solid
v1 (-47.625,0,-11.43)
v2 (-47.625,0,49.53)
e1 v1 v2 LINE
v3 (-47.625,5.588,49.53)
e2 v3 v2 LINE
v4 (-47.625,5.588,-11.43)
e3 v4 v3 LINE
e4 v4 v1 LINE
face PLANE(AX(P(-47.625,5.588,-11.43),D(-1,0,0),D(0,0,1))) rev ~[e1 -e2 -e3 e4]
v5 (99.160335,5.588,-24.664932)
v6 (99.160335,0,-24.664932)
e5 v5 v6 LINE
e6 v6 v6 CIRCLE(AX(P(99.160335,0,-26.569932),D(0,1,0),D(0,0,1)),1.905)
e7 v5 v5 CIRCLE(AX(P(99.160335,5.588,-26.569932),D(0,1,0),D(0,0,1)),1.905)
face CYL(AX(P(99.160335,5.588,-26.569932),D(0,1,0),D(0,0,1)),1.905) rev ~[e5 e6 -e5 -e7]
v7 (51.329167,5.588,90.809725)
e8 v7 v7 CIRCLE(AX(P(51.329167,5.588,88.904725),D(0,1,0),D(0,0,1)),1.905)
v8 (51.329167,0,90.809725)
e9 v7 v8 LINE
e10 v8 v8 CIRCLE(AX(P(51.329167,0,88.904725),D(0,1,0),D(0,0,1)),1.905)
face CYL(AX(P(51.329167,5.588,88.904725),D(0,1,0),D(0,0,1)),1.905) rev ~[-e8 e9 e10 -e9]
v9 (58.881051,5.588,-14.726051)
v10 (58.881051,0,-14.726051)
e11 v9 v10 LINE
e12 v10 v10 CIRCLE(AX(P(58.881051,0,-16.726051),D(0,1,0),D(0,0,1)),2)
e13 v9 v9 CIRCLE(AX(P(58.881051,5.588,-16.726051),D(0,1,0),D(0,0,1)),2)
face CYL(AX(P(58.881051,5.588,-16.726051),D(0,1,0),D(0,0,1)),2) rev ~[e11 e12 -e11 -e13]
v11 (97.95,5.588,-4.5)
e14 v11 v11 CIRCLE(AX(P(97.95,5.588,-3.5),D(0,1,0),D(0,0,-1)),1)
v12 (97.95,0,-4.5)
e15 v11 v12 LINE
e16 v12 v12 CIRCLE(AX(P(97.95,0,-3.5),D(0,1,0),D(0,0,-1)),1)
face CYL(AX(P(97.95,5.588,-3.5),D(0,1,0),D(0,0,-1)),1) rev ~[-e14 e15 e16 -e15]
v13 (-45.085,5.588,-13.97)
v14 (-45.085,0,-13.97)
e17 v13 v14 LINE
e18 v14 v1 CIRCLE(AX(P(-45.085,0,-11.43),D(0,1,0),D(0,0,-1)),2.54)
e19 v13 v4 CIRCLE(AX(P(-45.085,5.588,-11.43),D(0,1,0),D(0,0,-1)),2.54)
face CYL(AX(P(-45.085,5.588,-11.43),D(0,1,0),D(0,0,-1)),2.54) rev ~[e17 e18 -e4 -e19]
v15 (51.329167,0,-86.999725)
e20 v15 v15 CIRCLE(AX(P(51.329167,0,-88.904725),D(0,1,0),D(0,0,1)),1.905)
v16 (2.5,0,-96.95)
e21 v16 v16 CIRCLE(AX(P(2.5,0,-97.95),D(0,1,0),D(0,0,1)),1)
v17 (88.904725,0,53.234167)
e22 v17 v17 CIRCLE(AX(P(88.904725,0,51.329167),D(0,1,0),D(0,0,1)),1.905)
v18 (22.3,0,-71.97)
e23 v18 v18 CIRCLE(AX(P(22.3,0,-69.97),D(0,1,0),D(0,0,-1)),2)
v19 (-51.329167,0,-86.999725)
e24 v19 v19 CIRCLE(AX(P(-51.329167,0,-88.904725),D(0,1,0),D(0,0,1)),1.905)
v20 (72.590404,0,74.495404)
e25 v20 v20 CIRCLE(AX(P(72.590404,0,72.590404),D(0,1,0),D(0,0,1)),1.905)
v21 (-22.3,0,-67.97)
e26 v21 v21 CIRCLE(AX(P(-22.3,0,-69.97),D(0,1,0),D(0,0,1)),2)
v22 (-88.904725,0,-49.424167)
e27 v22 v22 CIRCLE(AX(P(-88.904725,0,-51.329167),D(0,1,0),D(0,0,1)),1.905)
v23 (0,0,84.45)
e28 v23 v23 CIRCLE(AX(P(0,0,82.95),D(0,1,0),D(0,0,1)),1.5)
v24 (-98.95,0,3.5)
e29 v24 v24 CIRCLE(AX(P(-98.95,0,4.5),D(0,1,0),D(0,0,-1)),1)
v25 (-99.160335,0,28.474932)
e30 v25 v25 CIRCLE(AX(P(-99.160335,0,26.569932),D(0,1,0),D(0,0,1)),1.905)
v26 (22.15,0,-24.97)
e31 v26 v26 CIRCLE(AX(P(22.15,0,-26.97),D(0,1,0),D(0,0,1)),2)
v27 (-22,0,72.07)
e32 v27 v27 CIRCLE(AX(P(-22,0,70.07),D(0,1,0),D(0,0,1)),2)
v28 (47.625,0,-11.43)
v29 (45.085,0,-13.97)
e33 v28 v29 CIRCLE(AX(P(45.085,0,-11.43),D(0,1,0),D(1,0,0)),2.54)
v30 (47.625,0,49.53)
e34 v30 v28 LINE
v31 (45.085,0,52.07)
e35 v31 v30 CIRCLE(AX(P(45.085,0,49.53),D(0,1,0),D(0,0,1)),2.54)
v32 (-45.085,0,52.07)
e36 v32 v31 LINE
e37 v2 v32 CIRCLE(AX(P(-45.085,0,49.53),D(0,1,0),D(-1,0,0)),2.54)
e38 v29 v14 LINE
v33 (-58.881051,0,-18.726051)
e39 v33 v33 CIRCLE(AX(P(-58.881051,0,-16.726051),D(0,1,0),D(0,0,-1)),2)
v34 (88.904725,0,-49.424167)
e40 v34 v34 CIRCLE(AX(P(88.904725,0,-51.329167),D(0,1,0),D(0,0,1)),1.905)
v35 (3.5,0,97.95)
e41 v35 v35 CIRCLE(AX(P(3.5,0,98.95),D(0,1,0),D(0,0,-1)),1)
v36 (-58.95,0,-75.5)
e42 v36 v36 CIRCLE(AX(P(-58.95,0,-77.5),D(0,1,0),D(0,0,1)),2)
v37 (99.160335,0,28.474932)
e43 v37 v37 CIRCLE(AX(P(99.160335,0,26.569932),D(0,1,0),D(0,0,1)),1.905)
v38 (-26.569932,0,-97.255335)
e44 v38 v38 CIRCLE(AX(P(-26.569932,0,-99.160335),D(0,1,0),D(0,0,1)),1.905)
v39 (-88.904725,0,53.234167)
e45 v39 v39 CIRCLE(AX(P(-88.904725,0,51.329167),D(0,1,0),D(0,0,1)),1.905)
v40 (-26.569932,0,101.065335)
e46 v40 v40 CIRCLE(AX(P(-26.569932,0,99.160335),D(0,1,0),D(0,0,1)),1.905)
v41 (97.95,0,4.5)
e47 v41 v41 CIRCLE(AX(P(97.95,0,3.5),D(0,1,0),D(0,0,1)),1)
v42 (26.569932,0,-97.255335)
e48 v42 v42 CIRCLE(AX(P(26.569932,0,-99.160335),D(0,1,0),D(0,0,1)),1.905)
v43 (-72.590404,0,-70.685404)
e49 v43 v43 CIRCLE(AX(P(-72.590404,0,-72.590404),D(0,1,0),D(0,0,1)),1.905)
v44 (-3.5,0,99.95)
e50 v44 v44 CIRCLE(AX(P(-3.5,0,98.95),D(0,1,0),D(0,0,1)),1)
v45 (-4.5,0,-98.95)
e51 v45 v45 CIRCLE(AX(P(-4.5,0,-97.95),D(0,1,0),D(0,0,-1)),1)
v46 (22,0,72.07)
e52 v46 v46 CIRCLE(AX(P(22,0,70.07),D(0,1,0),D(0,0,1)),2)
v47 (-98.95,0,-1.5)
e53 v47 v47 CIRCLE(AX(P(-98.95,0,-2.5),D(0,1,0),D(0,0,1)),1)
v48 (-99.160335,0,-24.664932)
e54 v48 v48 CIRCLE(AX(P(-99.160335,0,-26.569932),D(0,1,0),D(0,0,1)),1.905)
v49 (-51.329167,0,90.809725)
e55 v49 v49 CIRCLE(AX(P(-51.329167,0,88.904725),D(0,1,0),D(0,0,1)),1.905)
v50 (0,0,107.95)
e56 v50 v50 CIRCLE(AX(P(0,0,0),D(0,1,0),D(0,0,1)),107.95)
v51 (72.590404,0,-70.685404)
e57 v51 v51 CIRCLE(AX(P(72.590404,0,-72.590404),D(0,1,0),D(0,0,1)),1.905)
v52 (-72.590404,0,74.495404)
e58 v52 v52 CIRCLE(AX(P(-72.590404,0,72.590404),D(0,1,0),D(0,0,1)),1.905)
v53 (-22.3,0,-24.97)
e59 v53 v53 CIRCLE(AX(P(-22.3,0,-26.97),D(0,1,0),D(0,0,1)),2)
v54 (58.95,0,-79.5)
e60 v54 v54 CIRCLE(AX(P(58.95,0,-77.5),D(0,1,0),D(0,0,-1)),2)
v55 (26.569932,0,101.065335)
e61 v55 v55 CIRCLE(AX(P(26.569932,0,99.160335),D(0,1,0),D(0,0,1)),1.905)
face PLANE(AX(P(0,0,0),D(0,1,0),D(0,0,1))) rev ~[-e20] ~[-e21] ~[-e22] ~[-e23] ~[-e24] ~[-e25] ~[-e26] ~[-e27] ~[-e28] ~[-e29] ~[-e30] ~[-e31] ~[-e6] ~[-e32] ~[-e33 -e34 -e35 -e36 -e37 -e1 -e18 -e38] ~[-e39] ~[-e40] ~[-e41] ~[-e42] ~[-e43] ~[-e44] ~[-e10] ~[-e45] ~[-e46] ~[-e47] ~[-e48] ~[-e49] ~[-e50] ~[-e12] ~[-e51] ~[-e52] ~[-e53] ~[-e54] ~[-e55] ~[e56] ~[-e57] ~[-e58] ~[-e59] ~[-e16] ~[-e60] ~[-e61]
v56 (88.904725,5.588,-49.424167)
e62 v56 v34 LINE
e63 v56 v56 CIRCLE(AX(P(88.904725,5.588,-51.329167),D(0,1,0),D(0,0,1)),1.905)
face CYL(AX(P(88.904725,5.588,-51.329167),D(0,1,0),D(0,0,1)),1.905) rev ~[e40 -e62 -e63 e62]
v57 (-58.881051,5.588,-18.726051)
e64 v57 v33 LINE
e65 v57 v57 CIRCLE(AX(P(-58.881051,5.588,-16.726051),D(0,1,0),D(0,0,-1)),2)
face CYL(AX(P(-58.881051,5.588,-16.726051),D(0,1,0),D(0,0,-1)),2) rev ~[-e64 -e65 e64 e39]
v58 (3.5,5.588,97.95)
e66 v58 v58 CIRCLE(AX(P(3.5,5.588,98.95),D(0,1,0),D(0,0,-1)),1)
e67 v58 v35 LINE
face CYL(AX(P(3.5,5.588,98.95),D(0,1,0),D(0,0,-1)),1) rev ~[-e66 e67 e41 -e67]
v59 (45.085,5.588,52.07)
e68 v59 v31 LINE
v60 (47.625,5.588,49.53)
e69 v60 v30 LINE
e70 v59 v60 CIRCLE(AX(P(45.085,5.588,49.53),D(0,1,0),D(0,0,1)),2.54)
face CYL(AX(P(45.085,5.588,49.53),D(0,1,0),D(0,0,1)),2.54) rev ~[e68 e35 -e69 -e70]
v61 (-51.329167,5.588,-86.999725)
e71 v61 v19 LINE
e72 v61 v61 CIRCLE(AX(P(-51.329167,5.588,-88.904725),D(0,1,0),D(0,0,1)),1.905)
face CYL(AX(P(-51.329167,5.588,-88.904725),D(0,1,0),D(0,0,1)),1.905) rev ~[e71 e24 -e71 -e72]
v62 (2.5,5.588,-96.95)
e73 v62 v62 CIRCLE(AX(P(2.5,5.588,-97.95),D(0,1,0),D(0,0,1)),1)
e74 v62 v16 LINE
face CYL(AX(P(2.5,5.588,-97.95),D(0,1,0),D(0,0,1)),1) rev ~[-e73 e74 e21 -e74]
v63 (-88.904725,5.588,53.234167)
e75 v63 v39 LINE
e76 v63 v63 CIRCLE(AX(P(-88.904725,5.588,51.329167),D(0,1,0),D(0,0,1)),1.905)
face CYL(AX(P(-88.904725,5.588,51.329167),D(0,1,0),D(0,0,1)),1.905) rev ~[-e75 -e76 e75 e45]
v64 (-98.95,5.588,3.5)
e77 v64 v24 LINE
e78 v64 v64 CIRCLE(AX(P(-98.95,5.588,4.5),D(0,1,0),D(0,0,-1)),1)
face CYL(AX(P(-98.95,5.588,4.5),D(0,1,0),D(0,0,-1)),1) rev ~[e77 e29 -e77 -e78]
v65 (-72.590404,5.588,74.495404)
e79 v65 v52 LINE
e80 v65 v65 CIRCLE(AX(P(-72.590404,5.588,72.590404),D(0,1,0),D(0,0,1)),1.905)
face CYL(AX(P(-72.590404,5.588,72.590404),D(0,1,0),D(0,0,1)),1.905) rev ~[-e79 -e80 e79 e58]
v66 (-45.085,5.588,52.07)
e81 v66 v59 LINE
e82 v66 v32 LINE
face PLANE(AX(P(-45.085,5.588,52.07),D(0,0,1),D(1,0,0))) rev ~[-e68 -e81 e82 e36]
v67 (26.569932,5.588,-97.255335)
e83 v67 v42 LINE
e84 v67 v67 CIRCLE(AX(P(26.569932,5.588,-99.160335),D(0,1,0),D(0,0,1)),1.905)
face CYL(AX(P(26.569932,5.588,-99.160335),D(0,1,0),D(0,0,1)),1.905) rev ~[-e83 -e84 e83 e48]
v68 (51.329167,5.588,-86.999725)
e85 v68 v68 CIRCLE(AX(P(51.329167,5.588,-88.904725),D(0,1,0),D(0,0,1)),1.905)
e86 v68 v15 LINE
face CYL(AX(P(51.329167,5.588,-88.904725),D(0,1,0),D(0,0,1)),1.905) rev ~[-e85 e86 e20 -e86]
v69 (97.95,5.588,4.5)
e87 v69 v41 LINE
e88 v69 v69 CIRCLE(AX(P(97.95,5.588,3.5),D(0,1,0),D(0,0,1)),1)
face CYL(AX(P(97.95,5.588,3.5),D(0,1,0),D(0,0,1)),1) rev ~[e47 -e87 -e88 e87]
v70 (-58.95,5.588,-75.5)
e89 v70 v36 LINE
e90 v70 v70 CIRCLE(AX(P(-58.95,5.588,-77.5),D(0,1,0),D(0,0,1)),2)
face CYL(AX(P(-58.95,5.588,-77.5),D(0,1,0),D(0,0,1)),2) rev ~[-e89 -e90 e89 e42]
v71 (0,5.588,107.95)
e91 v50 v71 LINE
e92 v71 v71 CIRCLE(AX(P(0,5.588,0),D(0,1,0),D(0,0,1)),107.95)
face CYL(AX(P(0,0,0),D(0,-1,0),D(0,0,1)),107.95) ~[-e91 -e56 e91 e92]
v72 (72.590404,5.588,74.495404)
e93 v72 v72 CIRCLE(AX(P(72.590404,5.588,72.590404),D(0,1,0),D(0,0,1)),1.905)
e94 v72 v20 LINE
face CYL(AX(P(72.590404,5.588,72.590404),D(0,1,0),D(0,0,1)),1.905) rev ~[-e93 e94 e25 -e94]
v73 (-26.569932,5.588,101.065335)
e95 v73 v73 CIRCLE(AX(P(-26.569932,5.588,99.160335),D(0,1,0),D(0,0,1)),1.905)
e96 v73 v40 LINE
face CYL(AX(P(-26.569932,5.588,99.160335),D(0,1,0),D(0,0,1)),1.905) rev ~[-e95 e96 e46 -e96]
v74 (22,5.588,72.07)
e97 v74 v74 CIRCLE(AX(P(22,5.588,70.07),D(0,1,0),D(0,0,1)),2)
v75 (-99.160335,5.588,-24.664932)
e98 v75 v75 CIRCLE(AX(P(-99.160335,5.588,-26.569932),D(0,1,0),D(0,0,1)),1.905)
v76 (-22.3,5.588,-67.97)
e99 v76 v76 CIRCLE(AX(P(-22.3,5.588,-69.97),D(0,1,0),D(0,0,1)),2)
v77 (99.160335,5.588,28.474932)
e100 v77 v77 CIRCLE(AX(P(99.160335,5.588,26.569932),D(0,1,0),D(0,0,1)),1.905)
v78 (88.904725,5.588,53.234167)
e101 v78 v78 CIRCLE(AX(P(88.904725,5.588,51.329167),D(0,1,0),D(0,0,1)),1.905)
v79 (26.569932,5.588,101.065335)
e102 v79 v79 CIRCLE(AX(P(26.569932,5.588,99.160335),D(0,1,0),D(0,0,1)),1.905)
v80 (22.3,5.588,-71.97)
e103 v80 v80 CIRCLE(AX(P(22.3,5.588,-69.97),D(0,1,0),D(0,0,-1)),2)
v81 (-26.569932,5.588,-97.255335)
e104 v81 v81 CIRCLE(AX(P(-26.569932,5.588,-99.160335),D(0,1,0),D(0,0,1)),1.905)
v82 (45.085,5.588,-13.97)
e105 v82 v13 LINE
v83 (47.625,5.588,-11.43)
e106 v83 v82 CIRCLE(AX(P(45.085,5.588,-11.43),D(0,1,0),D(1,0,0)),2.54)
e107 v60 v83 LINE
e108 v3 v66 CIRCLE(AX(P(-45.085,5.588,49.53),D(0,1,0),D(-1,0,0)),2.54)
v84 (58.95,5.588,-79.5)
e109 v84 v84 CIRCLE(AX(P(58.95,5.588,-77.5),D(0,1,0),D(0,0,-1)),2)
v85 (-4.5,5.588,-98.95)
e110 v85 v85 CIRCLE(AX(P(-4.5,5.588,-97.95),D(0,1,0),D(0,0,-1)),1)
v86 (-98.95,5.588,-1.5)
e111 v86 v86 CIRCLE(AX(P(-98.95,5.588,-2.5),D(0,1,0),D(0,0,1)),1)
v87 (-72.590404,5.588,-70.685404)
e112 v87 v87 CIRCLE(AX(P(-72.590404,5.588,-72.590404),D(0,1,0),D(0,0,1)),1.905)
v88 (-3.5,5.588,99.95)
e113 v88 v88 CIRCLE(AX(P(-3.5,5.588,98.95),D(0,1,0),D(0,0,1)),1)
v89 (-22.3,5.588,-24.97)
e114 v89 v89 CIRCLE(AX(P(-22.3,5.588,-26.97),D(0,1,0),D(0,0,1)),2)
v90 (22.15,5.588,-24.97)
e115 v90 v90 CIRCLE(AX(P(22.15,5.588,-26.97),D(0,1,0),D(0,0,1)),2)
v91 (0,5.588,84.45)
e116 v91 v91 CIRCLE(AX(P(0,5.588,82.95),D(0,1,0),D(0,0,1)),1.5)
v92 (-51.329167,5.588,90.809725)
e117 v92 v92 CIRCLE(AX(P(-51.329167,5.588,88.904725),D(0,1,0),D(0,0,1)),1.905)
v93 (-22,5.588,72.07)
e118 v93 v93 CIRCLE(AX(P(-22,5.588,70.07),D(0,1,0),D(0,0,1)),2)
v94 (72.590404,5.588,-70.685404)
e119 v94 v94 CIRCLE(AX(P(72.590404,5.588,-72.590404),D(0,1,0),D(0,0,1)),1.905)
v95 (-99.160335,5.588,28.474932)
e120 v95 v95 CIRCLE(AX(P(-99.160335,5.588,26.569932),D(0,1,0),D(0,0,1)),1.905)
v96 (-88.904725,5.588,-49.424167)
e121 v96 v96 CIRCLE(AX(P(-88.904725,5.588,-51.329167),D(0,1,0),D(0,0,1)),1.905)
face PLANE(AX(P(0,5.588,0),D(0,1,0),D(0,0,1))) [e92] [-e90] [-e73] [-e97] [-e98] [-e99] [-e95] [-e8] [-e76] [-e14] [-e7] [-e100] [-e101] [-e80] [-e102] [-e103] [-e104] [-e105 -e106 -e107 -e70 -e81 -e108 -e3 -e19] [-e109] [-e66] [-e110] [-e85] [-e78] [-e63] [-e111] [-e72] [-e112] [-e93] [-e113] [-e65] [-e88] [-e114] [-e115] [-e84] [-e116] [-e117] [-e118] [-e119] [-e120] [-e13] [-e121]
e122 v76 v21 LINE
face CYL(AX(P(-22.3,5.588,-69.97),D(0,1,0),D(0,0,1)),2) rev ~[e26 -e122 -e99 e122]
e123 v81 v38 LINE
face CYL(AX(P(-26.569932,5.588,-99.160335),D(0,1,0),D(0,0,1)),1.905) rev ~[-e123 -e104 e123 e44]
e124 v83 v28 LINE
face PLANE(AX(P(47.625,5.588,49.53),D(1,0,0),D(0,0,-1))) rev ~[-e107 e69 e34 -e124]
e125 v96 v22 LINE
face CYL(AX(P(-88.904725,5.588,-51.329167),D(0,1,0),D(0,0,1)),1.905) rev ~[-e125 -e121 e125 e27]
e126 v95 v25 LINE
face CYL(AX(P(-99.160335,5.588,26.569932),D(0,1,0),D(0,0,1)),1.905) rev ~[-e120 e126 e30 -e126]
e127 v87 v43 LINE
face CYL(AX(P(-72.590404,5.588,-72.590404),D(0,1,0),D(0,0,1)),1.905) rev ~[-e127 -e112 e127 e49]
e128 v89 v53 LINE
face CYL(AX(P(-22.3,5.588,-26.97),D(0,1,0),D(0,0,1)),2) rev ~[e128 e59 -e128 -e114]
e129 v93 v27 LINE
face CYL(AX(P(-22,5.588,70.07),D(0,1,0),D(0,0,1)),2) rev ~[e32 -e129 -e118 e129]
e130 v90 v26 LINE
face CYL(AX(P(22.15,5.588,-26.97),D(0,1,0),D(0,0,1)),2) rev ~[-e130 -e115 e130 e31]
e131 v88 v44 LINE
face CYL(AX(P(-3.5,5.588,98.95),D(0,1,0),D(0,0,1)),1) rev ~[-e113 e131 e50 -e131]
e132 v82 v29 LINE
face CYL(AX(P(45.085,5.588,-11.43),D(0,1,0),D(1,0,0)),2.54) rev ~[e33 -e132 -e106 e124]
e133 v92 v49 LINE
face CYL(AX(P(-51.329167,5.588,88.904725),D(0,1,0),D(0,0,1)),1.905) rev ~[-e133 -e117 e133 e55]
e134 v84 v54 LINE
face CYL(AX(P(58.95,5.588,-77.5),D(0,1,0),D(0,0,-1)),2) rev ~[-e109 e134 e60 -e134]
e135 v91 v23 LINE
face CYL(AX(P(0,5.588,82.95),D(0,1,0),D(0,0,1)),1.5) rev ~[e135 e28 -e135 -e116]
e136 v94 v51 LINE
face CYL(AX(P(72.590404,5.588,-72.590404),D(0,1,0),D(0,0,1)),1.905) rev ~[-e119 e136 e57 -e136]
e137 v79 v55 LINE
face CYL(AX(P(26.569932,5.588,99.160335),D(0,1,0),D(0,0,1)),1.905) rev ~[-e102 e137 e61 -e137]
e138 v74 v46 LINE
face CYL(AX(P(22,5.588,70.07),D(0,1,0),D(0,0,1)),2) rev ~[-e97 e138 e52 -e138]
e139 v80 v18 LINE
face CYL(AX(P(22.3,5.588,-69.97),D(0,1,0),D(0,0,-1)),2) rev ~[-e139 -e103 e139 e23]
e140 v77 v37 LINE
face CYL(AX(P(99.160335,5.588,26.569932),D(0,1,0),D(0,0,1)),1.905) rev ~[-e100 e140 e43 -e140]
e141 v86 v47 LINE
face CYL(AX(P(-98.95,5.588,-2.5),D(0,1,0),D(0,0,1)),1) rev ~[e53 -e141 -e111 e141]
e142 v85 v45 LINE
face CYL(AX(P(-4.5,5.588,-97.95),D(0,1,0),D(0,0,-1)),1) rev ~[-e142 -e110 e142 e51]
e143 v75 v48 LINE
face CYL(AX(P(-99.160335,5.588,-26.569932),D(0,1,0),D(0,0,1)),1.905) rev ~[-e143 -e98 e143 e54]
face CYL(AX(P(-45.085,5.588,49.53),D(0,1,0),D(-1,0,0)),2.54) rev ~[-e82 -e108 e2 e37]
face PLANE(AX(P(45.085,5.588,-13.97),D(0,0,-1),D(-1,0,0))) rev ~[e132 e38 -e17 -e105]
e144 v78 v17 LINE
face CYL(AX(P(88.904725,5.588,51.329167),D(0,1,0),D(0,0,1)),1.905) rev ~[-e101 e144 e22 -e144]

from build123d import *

# Parameters (mm, degrees)
ESQUISSE1_R             = 107.95
BOSS_EXTRU_1_DEPTH      = 5.588
ESQUISSE2_R             = 1.905
ENL_V_MAT_EXTRU_1_DEPTH = 5.588
ENL_V_MAT_EXTRU_2_DEPTH = 5.588
ESQUISSE5_R             = 1
ENL_V_MAT_EXTRU_3_DEPTH = 153.766589096
ESQUISSE6_R             = 2
ENL_V_MAT_EXTRU_4_DEPTH = 153.766589096
ESQUISSE7_R             = 2
ENL_V_MAT_EXTRU_5_DEPTH = 153.766589096
ESQUISSE8_R             = 1.5
ENL_V_MAT_EXTRU_6_DEPTH = 153.766589096


with BuildPart() as part:
    # Esquisse1 → Boss.-Extru.1 (new body)
    with BuildSketch(Plane(origin=(0, 0, 0), x_dir=(1, 0, 0), z_dir=(0, 1, 0))):
        with Locations(Location((0, 0, 0), (0, 0, 270))):
            Circle(ESQUISSE1_R)
    extrude(amount=BOSS_EXTRU_1_DEPTH)

    # Esquisse2 → Enlèv. mat.-Extru.1 (cut)
    with BuildSketch(Plane(origin=(0, 5.588, 0), x_dir=(1, 0, 0), z_dir=(0, 1, 0))):
        with Locations(Location((26.569931805, 99.16033545, 0), (0, 0, 270))):
            Circle(ESQUISSE2_R)
        with Locations(Location((51.329166667, 88.904724577, 0), (0, 0, 270))):
            Circle(ESQUISSE2_R)
        with Locations(Location((72.590403645, 72.590403645, 0), (0, 0, 270))):
            Circle(ESQUISSE2_R)
        with Locations(Location((88.904724577, 51.329166667, 0), (0, 0, 270))):
            Circle(ESQUISSE2_R)
        with Locations(Location((99.16033545, 26.569931805, 0), (0, 0, 270))):
            Circle(ESQUISSE2_R)
        with Locations(Location((99.16033545, -26.569931805, 0), (0, 0, 270))):
            Circle(ESQUISSE2_R)
        with Locations(Location((88.904724577, -51.329166667, 0), (0, 0, 270))):
            Circle(ESQUISSE2_R)
        with Locations(Location((72.590403645, -72.590403645, 0), (0, 0, 270))):
            Circle(ESQUISSE2_R)
        with Locations(Location((51.329166667, -88.904724577, 0), (0, 0, 270))):
            Circle(ESQUISSE2_R)
        with Locations(Location((26.569931805, -99.16033545, 0), (0, 0, 270))):
            Circle(ESQUISSE2_R)
        with Locations(Location((-26.569931805, -99.16033545, 0), (0, 0, 270))):
            Circle(ESQUISSE2_R)
        with Locations(Location((-51.329166667, -88.904724577, 0), (0, 0, 270))):
            Circle(ESQUISSE2_R)
        with Locations(Location((-72.590403645, -72.590403645, 0), (0, 0, 270))):
            Circle(ESQUISSE2_R)
        with Locations(Location((-88.904724577, -51.329166667, 0), (0, 0, 270))):
            Circle(ESQUISSE2_R)
        with Locations(Location((-99.16033545, -26.569931805, 0), (0, 0, 270))):
            Circle(ESQUISSE2_R)
        with Locations(Location((-99.16033545, 26.569931805, 0), (0, 0, 270))):
            Circle(ESQUISSE2_R)
        with Locations(Location((-88.904724577, 51.329166667, 0), (0, 0, 270))):
            Circle(ESQUISSE2_R)
        with Locations(Location((-72.590403645, 72.590403645, 0), (0, 0, 270))):
            Circle(ESQUISSE2_R)
        with Locations(Location((-51.329166667, 88.904724577, 0), (0, 0, 270))):
            Circle(ESQUISSE2_R)
        with Locations(Location((-26.569931805, 99.16033545, 0), (0, 0, 270))):
            Circle(ESQUISSE2_R)
    extrude(amount=-ENL_V_MAT_EXTRU_1_DEPTH, mode=Mode.SUBTRACT)

    # Esquisse3 → Enlèv. mat.-Extru.2 (cut)
    with BuildSketch(Plane(origin=(0, 5.588, 0), x_dir=(1, 0, 0), z_dir=(0, 1, 0))):
        with BuildLine():
            Line((-45.085, -52.07), (45.085, -52.07))
            ThreePointArc((45.085, -52.07), (46.881051224, -51.326051224), (47.625, -49.53))
            Line((47.625, -49.53), (47.625, 11.43))
            ThreePointArc((47.625, 11.43), (46.881051224, 13.226051224), (45.085, 13.97))
            Line((45.085, 13.97), (-45.085, 13.97))
            ThreePointArc((-45.085, 13.97), (-46.881051224, 13.226051224), (-47.625, 11.43))
            Line((-47.625, 11.43), (-47.625, -49.53))
            ThreePointArc((-47.625, -49.53), (-46.881051224, -51.326051224), (-45.085, -52.07))
        make_face()
    extrude(amount=-ENL_V_MAT_EXTRU_2_DEPTH, mode=Mode.SUBTRACT)

    # Esquisse5 → Enlèv. mat.-Extru.3 (cut, through all)
    with BuildSketch(Plane(origin=(0, 5.588, 0), x_dir=(1, 0, 0), z_dir=(0, 1, 0))):
        with Locations(Location((-3.5, -98.95, 0), (0, 0, 270))):
            Circle(ESQUISSE5_R)
        with Locations(Location((3.5, -98.95, 0), (0, 0, 90))):
            Circle(ESQUISSE5_R)
        with Locations(Location((-98.95, 2.5, 0), (0, 0, 270))):
            Circle(ESQUISSE5_R)
        with Locations(Location((-98.95, -4.5, 0), (0, 0, 90))):
            Circle(ESQUISSE5_R)
        with Locations(Location((2.5, 97.95, 0), (0, 0, 270))):
            Circle(ESQUISSE5_R)
        with Locations(Location((-4.5, 97.95, 0), (0, 0, 90))):
            Circle(ESQUISSE5_R)
        with Locations(Location((97.95, -3.5, 0), (0, 0, 270))):
            Circle(ESQUISSE5_R)
        with Locations(Location((97.95, 3.5, 0), (0, 0, 90))):
            Circle(ESQUISSE5_R)
    extrude(amount=-ENL_V_MAT_EXTRU_3_DEPTH, mode=Mode.SUBTRACT)

    # Esquisse6 → Enlèv. mat.-Extru.4 (cut, through all)
    with BuildSketch(Plane(origin=(0, 5.588, 0), x_dir=(1, 0, 0), z_dir=(0, 1, 0))):
        with Locations(Location((-22, -70.07, 0), (0, 0, 270))):
            Circle(ESQUISSE6_R)
        with Locations(Location((22, -70.07, 0), (0, 0, 270))):
            Circle(ESQUISSE6_R)
        with Locations(Location((-22.3, 69.97, 0), (0, 0, 270))):
            Circle(ESQUISSE6_R)
        with Locations(Location((22.3, 69.97, 0), (0, 0, 90))):
            Circle(ESQUISSE6_R)
        with Locations(Location((-58.95, 77.5, 0), (0, 0, 270))):
            Circle(ESQUISSE6_R)
        with Locations(Location((58.95, 77.5, 0), (0, 0, 90))):
            Circle(ESQUISSE6_R)
        with Locations(Location((-22.3, 26.97, 0), (0, 0, 270))):
            Circle(ESQUISSE6_R)
        with Locations(Location((22.15, 26.97, 0), (0, 0, 270))):
            Circle(ESQUISSE6_R)
    extrude(amount=-ENL_V_MAT_EXTRU_4_DEPTH, mode=Mode.SUBTRACT)

    # Esquisse7 → Enlèv. mat.-Extru.5 (cut, through all)
    with BuildSketch(Plane(origin=(0, 5.588, 0), x_dir=(1, 0, 0), z_dir=(0, 1, 0))):
        with Locations(Location((58.881051224, 16.726051224, 0), (0, 0, 270))):
            Circle(ESQUISSE7_R)
        with Locations(Location((-58.881051224, 16.726051224, 0), (0, 0, 90))):
            Circle(ESQUISSE7_R)
    extrude(amount=-ENL_V_MAT_EXTRU_5_DEPTH, mode=Mode.SUBTRACT)

    # Esquisse8 → Enlèv. mat.-Extru.6 (cut, through all)
    with BuildSketch(Plane(origin=(0, 5.588, 0), x_dir=(1, 0, 0), z_dir=(0, 1, 0))):
        with Locations(Location((0, -82.95, 0), (0, 0, 270))):
            Circle(ESQUISSE8_R)
    extrude(amount=-ENL_V_MAT_EXTRU_6_DEPTH, mode=Mode.SUBTRACT)


solid = part.part
